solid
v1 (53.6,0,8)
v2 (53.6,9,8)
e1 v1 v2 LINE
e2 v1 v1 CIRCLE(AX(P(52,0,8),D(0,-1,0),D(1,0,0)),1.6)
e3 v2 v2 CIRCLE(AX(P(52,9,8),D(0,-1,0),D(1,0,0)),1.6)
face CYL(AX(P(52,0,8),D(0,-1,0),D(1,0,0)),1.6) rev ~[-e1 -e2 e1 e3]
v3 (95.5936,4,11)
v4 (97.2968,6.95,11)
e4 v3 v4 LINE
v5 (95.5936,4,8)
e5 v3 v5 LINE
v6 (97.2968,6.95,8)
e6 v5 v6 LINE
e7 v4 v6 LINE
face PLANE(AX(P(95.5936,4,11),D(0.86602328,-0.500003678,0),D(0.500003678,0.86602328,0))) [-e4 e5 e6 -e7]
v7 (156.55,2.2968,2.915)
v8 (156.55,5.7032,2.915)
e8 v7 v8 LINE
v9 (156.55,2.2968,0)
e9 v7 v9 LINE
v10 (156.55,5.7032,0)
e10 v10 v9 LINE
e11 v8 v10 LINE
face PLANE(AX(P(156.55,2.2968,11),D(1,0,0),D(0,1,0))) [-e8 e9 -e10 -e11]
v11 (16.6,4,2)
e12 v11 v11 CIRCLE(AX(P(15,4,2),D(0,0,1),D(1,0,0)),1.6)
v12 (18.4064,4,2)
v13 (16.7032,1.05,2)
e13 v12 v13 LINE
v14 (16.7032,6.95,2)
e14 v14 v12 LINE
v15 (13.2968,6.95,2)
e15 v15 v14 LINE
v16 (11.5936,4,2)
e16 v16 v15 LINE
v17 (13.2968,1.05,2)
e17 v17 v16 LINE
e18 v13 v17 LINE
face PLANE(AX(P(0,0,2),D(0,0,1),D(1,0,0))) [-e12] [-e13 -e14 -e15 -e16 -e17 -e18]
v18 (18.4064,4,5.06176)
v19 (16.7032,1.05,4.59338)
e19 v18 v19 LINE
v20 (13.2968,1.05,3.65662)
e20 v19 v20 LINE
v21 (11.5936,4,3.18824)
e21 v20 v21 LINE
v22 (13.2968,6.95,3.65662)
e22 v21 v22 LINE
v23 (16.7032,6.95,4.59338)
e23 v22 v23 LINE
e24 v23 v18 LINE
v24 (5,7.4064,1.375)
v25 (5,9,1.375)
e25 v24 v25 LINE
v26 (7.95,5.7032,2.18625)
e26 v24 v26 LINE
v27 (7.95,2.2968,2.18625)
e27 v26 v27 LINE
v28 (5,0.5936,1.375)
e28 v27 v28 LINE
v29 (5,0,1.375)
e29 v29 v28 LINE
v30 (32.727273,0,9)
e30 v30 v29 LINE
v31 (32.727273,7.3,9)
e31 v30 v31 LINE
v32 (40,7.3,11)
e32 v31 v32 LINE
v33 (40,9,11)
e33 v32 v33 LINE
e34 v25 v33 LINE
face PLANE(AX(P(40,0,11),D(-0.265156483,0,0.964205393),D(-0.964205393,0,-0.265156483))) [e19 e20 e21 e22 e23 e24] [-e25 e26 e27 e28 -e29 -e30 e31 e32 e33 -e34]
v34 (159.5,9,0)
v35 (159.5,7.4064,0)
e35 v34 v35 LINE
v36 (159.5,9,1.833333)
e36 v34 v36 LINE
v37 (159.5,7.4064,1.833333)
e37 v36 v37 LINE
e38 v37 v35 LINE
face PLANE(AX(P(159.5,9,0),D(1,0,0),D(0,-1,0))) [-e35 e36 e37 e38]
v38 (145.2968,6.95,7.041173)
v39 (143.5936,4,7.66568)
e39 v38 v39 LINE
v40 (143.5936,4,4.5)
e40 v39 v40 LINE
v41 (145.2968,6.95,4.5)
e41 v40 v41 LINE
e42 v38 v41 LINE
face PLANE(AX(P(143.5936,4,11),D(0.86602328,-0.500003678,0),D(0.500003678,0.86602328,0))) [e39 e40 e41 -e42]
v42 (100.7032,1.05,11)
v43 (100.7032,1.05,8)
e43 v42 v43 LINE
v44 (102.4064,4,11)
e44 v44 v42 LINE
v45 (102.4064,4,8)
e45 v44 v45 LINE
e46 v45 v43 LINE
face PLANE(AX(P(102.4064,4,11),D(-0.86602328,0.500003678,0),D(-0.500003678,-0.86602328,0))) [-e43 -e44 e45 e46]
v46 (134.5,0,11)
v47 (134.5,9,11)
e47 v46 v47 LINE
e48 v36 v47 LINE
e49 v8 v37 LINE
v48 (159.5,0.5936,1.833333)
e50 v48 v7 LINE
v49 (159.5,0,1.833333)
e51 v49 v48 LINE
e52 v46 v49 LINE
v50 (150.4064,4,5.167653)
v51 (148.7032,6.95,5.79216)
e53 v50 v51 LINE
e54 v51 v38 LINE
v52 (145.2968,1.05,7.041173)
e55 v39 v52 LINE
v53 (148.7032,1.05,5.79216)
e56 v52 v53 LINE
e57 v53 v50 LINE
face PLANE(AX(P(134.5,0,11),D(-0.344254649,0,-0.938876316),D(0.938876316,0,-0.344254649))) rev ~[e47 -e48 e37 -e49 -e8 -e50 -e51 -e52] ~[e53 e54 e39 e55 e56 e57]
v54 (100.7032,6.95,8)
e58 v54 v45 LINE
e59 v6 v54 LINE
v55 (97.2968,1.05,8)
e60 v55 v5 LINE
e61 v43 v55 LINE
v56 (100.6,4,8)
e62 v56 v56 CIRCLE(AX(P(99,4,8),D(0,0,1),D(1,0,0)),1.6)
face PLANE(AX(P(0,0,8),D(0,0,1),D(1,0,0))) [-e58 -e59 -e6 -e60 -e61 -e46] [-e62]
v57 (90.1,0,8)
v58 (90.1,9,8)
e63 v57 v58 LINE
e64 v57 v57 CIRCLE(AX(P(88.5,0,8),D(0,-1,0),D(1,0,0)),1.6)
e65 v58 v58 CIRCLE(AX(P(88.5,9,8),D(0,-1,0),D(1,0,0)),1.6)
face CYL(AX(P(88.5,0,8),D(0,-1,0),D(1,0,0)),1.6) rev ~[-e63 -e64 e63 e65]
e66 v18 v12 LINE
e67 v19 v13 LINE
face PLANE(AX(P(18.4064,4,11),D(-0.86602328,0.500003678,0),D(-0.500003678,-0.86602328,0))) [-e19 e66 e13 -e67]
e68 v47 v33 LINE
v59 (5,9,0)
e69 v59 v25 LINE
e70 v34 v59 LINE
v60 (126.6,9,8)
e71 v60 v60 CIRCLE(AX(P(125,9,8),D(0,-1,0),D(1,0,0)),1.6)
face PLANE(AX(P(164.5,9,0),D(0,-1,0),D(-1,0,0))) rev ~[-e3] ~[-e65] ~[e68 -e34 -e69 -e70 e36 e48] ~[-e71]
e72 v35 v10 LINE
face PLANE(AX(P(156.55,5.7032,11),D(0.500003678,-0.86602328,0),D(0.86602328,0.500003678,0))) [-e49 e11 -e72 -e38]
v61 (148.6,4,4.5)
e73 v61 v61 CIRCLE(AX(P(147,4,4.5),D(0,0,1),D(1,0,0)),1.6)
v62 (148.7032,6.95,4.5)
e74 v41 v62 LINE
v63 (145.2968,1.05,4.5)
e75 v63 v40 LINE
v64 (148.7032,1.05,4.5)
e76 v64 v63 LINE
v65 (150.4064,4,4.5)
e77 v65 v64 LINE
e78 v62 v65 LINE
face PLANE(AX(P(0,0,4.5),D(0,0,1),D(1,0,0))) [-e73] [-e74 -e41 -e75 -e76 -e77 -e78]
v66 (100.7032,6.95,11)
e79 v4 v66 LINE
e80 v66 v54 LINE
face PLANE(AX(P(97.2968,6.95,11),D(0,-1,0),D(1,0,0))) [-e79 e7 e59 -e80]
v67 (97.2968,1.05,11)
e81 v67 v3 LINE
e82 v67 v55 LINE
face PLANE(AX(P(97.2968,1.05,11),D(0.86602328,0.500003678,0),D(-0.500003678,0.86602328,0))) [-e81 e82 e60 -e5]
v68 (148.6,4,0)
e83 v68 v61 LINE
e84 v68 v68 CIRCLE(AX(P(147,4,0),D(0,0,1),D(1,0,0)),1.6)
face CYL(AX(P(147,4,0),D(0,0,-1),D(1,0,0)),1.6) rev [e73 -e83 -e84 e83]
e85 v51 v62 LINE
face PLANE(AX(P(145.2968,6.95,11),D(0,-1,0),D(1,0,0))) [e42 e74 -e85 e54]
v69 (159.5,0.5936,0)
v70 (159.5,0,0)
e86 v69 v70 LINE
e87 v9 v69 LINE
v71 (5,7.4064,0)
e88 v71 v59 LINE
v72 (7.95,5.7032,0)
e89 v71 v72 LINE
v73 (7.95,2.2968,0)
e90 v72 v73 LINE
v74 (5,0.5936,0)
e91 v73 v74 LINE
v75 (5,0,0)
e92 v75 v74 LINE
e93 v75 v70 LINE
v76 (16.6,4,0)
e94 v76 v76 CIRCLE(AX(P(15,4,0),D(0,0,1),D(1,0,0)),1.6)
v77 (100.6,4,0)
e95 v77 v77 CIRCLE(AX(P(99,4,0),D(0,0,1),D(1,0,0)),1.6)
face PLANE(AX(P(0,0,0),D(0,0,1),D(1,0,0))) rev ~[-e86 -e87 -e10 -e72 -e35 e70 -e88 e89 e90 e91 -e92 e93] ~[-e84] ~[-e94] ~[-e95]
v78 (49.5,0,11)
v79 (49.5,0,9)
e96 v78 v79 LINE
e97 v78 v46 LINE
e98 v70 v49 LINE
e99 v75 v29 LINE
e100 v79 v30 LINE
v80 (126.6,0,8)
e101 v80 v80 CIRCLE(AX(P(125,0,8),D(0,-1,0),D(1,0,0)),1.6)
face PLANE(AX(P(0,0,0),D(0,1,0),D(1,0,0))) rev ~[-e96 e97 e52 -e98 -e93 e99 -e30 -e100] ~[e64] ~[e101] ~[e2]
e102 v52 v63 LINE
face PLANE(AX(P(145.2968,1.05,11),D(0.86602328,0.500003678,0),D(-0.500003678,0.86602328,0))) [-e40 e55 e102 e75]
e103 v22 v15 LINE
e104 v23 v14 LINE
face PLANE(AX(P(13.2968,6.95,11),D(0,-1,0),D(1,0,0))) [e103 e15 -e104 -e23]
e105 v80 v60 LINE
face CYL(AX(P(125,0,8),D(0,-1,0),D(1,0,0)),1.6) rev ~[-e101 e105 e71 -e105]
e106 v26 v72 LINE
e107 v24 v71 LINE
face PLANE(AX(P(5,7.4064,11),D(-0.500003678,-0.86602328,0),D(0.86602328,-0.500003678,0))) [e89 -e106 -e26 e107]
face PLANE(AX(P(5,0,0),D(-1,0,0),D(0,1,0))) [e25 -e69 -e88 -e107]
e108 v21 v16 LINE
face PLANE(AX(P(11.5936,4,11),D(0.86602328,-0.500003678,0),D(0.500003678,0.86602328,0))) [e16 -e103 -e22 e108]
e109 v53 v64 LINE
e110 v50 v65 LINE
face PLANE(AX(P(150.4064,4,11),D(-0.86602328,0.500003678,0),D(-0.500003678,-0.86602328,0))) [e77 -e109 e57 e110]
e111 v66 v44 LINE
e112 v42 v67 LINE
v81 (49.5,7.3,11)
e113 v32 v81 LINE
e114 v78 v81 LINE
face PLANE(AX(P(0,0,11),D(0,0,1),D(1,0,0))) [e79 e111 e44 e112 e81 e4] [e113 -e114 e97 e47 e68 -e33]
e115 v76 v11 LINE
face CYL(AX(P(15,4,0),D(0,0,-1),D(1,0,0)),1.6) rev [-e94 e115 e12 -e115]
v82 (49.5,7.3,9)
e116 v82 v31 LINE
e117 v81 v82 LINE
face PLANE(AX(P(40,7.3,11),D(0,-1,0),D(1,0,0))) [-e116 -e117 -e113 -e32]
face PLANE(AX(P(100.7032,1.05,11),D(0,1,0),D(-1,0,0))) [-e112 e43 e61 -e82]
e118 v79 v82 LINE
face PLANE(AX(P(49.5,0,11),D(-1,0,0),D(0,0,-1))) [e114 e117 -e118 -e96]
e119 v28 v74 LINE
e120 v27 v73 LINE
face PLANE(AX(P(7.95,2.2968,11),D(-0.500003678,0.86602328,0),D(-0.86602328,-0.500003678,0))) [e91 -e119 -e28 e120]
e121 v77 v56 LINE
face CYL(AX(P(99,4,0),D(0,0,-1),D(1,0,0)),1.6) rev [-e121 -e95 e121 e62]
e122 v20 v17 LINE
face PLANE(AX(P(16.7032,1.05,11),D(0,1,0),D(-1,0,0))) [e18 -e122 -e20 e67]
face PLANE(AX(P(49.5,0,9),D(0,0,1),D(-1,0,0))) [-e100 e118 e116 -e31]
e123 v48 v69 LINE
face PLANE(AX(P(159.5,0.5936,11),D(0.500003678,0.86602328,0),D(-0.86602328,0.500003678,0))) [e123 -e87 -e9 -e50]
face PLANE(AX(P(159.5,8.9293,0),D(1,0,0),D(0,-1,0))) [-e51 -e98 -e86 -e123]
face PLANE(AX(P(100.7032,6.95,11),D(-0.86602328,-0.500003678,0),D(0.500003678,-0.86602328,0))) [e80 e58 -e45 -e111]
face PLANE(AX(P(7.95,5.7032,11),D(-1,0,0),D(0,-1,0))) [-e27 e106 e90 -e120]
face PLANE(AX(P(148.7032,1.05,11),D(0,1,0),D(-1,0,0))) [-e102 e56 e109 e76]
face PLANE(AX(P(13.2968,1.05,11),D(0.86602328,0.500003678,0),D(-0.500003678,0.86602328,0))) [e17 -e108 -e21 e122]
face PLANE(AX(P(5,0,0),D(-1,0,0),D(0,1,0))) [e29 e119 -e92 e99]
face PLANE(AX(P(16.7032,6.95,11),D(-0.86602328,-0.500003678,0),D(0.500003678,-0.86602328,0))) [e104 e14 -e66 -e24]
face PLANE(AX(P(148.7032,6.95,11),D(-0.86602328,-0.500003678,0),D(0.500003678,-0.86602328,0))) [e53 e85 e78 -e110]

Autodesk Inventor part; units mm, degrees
ref_plane "YZ Plane" through (0, 0, 0) normal (1, 0, 0) x (0, 1, 0)
ref_plane "XZ Plane" through (0, 0, 0) normal (0, 1, 0) x (-1, 0, 0)
ref_plane "XY Plane" through (0, 0, 0) normal (0, 0, 1) x (1, 0, 0)
sketch "Sketch1" plane through (0, 0, 0) normal (0, 0, 1) x (1, 0, 0)
  line L0 (0, 0) -> (164.5, 0)
  line L1 (164.5, 0) -> (164.5, 9)
  line L2 (164.5, 9) -> (0, 9)
  line L3 (0, 9) -> (0, 0)
  circle A0 centre (99, 4) radius 1.6
  circle A1 centre (159.5, 4) radius 1.6
  circle A2 centre (147, 4) radius 1.6
  circle A3 centre (15, 4) radius 1.6
  circle A4 centre (5, 4) radius 1.6
  dimension "d1" = 9
  dimension "d2" = 90
  dimension "d6" = 3.2
  dimension "d7" = 3.2
  dimension "d9" = 60.5
  dimension "d26" = 3.2
  dimension "d27" = 48
  dimension "d28" = 3.2
  dimension "d32" = 15
  dimension "d33" = 5
  dimension "d61" = 3.2
  dimension "d62" = 10
  dimension "d63" = 12.5
  dimension "d108" = 4
  dimension "d109" = 4
  dimension "d111" = 4
  dimension "d112" = 4
  dimension "d113" = 4
ref_plane "Work Plane2" through (0, 0, 0) normal (0, -1, 0) x (1, 0, 0)
sketch "Sketch2" plane through (0, 0, 0) normal (0, -1, 0) x (1, 0, 0)
  circle A0 centre (52, 8) radius 1.6
  circle A1 centre (125, 8) radius 1.6
  circle A2 centre (88.5, 8) radius 1.6
  point P0 (0, 0)
  point P1 (52, 0)
  dimension "d13" = 3.2
  dimension "d15" = 3.2
  dimension "d17" = 3.2
  dimension "d18" = 36.5
  dimension "d64" = 52
  dimension "d65" = 36.5
  dimension "d114" = 8
  dimension "d115" = 73
ref_plane "Work Plane1" through (0, 0, 11) normal (0, 0, 1) x (1, 0, 0)
extrude "klocek" add sketch "Sketch1" along normal blind 11
ref_plane "Work Plane3" through (0, 0, 0) normal (0, -1, 0) x (1, 0, 0)
extrude "prowadzenie osi" cut sketch "Sketch2" against normal up to next
ref_plane "Work Plane4" through (0, 0, 0) normal (0, -1, 0) x (1, 0, 0)
sketch "Sketch7" plane through (0, 0, 0) normal (0, -1, 0) x (1, 0, 0)
  line L0 (0, 11) -> (0, 0)
  line L1 (0, 11) -> (164.5, 11) projected
  line L2 (0, 11) -> (40, 11)
  line L3 (40, 11) -> (0, 0)
  point P0 (0, -1.8333)
  dimension "d86" = 11
  dimension "d87" = 40
sketch "Sketch8" plane through (0, 0, 0) normal (0, -1, 0) x (1, 0, 0)
  line L0 (164.5, 0) -> (164.5, 11) projected
  line L1 (164.5, 11) -> (164.5, 0)
  line L2 (164.5, 11) -> (0, 11) projected
  line L3 (164.5, 11) -> (134.5, 11)
  line L4 (134.5, 11) -> (164.5, 0)
  point P0 (0, 0)
  point P1 (40.8333, 11)
  dimension "d80" = 11
  dimension "d81" = 30
extrude "przedni skos" cut sketch "Sketch7" against normal up to next
extrude "tylni skos" cut sketch "Sketch8" against normal up to next
ref_plane "Work Plane7" through (0, 0, 11) normal (0, 0, 1) x (1, 0, 0)
sketch "Sketch5" plane through (0, 0, 11) normal (0, 0, 1) x (1, 0, 0)
  circle A0 centre (99, 4) radius 1.6 projected
  line L0 (95.5936, 4) -> (97.2968, 6.95)
  line L1 (97.2968, 6.95) -> (100.7032, 6.95)
  line L2 (100.7032, 6.95) -> (102.4064, 4)
  line L3 (102.4064, 4) -> (100.7032, 1.05)
  line L4 (100.7032, 1.05) -> (97.2968, 1.05)
  line L5 (97.2968, 1.05) -> (95.5936, 4)
  point P0 (119.5, 5)
  dimension "d98" = 5.9
extrude "hex insert middle" cut sketch "Sketch5" against normal blind 3
ref_plane "Work Plane6" through (0, 0, 11) normal (0, 0, 1) x (1, 0, 0)
sketch "Sketch9" plane through (0, 0, 11) normal (0, 0, 1) x (1, 0, 0)
  circle A0 centre (147, 4) radius 1.6 projected
  line L0 (150.4064, 4) -> (148.7032, 1.05)
  line L1 (148.7032, 1.05) -> (145.2968, 1.05)
  line L2 (145.2968, 1.05) -> (143.5936, 4)
  line L3 (143.5936, 4) -> (145.2968, 6.95)
  line L4 (145.2968, 6.95) -> (148.7032, 6.95)
  line L5 (148.7032, 6.95) -> (150.4064, 4)
  point P0 (0, 0)
  point P1 (153, 5)
  dimension "d99" = 5.9
extrude "hex insert rear 1" cut sketch "Sketch9" against normal blind 6.5
ref_plane "Work Plane5" through (0, 0, 11) normal (0, 0, 1) x (1, 0, 0)
sketch "Sketch10" plane through (0, 0, 11) normal (0, 0, 1) x (1, 0, 0)
  circle A0 centre (159.5, 4) radius 1.6 projected
  line L0 (162.45, 5.7032) -> (162.45, 2.2968)
  line L1 (162.45, 2.2968) -> (159.5, 0.5936)
  line L2 (159.5, 0.5936) -> (156.55, 2.2968)
  line L3 (156.55, 2.2968) -> (156.55, 5.7032)
  line L4 (156.55, 5.7032) -> (159.5, 7.4064)
  line L5 (159.5, 7.4064) -> (162.45, 5.7032)
  line L6 (164.5, 0) -> (134.5, 0) projected
  point P0 (0, 0)
  dimension "d118" = 5.9
extrude "hex insert rear 2" cut sketch "Sketch10" against normal up to next contours A0 | L0 L1 L2 L3 L4 L5
sketch "Sketch13" plane through (0, 0, 11) normal (0, 0, 1) x (1, 0, 0)
  line L0 (9.54, 0) -> (-1.59, 0) projected
  line L1 (7.95, 2.2968) -> (5, 0.5936)
  line L2 (5, 0.5936) -> (2.05, 2.2968)
  line L3 (2.05, 2.2968) -> (2.05, 5.7032)
  line L4 (2.05, 5.7032) -> (5, 7.4064)
  line L5 (5, 7.4064) -> (7.95, 5.7032)
  line L6 (7.95, 5.7032) -> (7.95, 2.2968)
  point P0 (0, 0)
  point P1 (5, 4)
  point P2 (5, 4)
  dimension "d117" = 5.9
extrude "hex insert front 1" cut sketch "Sketch13" against normal through all
sketch "Sketch16" plane through (0, 0, 11) normal (0, 0, 1) x (1, 0, 0)
  circle A0 centre (15, 4) radius 1.6 projected
  line L0 (18.4064, 4) -> (16.7032, 1.05)
  line L1 (16.7032, 1.05) -> (13.2968, 1.05)
  line L2 (13.2968, 1.05) -> (11.5936, 4)
  line L3 (11.5936, 4) -> (13.2968, 6.95)
  line L4 (13.2968, 6.95) -> (16.7032, 6.95)
  line L5 (16.7032, 6.95) -> (18.4064, 4)
  point P0 (0, 0)
  dimension "d93" = 5.9
extrude "hex insert front 2" cut sketch "Sketch16" against normal blind 9
sketch "Sketch17" plane through (0, 0, 0) normal (0, 0, -1) x (-1, 0, 0)
  line L0 (0, 9) -> (0, 0) projected
  line L1 (0, 0) -> (-5, 0)
  line L2 (-5, 0) -> (-5, 10.0042)
  line L3 (-5, 10.0042) -> (0, 10.0042)
  line L4 (0, 10.0042) -> (0, 0)
  point P0 (-5, 7.4064)
extrude "ciecie przod" cut sketch "Sketch17" against normal up to next
sketch "Sketch18" plane through (40, 0, 11) normal (0, -1, 0) x (1, 0, 0)
  line L0 (9.5, 0) -> (9.5, -2)
  line L1 (9.5, -2) -> (-7.5, -2)
  line L2 (-7.5, -2) -> (-7.5, 0)
  line L3 (-7.5, 0) -> (9.5, 0)
  line L4 (94.5, 0) -> (0, 0) projected
  circle A0 centre (12, -3) radius 1.6 projected
  line L5 (-35, -11) -> (124.5, -11) projected
  point P0 (-40, -11)
  dimension "d102" = 2
  dimension "d103" = 17
  dimension "d104" = 2.5
extrude "sensor linii" cut sketch "Sketch18" against normal blind 7.3 contours L0 L1 L2 L3
sketch "Sketch21" plane through (0, 0, 0) normal (0, 0, -1) x (-1, 0, 0)
  line L0 (-159.5, 8.9293) -> (-159.5, 0)
  line L1 (-164.5, 0) -> (-134.5, 0) projected
  line L2 (-159.5, 0) -> (-164.5, 0)
  line L3 (-164.5, 0) -> (-164.5, 9)
  line L4 (-164.5, 9) -> (-159.5, 9)
  line L5 (-159.5, 9) -> (-159.5, 8.9293)
  line L6 (-134.5, 9) -> (-164.5, 9) projected
  line L7 (-164.5, 9) -> (-164.5, 0) projected
  point P0 (0, 0)
extrude "ciecie tyl" cut sketch "Sketch21" against normal up to next
properties part number "wheel_support_v4_narrow_with_line_sensor"
